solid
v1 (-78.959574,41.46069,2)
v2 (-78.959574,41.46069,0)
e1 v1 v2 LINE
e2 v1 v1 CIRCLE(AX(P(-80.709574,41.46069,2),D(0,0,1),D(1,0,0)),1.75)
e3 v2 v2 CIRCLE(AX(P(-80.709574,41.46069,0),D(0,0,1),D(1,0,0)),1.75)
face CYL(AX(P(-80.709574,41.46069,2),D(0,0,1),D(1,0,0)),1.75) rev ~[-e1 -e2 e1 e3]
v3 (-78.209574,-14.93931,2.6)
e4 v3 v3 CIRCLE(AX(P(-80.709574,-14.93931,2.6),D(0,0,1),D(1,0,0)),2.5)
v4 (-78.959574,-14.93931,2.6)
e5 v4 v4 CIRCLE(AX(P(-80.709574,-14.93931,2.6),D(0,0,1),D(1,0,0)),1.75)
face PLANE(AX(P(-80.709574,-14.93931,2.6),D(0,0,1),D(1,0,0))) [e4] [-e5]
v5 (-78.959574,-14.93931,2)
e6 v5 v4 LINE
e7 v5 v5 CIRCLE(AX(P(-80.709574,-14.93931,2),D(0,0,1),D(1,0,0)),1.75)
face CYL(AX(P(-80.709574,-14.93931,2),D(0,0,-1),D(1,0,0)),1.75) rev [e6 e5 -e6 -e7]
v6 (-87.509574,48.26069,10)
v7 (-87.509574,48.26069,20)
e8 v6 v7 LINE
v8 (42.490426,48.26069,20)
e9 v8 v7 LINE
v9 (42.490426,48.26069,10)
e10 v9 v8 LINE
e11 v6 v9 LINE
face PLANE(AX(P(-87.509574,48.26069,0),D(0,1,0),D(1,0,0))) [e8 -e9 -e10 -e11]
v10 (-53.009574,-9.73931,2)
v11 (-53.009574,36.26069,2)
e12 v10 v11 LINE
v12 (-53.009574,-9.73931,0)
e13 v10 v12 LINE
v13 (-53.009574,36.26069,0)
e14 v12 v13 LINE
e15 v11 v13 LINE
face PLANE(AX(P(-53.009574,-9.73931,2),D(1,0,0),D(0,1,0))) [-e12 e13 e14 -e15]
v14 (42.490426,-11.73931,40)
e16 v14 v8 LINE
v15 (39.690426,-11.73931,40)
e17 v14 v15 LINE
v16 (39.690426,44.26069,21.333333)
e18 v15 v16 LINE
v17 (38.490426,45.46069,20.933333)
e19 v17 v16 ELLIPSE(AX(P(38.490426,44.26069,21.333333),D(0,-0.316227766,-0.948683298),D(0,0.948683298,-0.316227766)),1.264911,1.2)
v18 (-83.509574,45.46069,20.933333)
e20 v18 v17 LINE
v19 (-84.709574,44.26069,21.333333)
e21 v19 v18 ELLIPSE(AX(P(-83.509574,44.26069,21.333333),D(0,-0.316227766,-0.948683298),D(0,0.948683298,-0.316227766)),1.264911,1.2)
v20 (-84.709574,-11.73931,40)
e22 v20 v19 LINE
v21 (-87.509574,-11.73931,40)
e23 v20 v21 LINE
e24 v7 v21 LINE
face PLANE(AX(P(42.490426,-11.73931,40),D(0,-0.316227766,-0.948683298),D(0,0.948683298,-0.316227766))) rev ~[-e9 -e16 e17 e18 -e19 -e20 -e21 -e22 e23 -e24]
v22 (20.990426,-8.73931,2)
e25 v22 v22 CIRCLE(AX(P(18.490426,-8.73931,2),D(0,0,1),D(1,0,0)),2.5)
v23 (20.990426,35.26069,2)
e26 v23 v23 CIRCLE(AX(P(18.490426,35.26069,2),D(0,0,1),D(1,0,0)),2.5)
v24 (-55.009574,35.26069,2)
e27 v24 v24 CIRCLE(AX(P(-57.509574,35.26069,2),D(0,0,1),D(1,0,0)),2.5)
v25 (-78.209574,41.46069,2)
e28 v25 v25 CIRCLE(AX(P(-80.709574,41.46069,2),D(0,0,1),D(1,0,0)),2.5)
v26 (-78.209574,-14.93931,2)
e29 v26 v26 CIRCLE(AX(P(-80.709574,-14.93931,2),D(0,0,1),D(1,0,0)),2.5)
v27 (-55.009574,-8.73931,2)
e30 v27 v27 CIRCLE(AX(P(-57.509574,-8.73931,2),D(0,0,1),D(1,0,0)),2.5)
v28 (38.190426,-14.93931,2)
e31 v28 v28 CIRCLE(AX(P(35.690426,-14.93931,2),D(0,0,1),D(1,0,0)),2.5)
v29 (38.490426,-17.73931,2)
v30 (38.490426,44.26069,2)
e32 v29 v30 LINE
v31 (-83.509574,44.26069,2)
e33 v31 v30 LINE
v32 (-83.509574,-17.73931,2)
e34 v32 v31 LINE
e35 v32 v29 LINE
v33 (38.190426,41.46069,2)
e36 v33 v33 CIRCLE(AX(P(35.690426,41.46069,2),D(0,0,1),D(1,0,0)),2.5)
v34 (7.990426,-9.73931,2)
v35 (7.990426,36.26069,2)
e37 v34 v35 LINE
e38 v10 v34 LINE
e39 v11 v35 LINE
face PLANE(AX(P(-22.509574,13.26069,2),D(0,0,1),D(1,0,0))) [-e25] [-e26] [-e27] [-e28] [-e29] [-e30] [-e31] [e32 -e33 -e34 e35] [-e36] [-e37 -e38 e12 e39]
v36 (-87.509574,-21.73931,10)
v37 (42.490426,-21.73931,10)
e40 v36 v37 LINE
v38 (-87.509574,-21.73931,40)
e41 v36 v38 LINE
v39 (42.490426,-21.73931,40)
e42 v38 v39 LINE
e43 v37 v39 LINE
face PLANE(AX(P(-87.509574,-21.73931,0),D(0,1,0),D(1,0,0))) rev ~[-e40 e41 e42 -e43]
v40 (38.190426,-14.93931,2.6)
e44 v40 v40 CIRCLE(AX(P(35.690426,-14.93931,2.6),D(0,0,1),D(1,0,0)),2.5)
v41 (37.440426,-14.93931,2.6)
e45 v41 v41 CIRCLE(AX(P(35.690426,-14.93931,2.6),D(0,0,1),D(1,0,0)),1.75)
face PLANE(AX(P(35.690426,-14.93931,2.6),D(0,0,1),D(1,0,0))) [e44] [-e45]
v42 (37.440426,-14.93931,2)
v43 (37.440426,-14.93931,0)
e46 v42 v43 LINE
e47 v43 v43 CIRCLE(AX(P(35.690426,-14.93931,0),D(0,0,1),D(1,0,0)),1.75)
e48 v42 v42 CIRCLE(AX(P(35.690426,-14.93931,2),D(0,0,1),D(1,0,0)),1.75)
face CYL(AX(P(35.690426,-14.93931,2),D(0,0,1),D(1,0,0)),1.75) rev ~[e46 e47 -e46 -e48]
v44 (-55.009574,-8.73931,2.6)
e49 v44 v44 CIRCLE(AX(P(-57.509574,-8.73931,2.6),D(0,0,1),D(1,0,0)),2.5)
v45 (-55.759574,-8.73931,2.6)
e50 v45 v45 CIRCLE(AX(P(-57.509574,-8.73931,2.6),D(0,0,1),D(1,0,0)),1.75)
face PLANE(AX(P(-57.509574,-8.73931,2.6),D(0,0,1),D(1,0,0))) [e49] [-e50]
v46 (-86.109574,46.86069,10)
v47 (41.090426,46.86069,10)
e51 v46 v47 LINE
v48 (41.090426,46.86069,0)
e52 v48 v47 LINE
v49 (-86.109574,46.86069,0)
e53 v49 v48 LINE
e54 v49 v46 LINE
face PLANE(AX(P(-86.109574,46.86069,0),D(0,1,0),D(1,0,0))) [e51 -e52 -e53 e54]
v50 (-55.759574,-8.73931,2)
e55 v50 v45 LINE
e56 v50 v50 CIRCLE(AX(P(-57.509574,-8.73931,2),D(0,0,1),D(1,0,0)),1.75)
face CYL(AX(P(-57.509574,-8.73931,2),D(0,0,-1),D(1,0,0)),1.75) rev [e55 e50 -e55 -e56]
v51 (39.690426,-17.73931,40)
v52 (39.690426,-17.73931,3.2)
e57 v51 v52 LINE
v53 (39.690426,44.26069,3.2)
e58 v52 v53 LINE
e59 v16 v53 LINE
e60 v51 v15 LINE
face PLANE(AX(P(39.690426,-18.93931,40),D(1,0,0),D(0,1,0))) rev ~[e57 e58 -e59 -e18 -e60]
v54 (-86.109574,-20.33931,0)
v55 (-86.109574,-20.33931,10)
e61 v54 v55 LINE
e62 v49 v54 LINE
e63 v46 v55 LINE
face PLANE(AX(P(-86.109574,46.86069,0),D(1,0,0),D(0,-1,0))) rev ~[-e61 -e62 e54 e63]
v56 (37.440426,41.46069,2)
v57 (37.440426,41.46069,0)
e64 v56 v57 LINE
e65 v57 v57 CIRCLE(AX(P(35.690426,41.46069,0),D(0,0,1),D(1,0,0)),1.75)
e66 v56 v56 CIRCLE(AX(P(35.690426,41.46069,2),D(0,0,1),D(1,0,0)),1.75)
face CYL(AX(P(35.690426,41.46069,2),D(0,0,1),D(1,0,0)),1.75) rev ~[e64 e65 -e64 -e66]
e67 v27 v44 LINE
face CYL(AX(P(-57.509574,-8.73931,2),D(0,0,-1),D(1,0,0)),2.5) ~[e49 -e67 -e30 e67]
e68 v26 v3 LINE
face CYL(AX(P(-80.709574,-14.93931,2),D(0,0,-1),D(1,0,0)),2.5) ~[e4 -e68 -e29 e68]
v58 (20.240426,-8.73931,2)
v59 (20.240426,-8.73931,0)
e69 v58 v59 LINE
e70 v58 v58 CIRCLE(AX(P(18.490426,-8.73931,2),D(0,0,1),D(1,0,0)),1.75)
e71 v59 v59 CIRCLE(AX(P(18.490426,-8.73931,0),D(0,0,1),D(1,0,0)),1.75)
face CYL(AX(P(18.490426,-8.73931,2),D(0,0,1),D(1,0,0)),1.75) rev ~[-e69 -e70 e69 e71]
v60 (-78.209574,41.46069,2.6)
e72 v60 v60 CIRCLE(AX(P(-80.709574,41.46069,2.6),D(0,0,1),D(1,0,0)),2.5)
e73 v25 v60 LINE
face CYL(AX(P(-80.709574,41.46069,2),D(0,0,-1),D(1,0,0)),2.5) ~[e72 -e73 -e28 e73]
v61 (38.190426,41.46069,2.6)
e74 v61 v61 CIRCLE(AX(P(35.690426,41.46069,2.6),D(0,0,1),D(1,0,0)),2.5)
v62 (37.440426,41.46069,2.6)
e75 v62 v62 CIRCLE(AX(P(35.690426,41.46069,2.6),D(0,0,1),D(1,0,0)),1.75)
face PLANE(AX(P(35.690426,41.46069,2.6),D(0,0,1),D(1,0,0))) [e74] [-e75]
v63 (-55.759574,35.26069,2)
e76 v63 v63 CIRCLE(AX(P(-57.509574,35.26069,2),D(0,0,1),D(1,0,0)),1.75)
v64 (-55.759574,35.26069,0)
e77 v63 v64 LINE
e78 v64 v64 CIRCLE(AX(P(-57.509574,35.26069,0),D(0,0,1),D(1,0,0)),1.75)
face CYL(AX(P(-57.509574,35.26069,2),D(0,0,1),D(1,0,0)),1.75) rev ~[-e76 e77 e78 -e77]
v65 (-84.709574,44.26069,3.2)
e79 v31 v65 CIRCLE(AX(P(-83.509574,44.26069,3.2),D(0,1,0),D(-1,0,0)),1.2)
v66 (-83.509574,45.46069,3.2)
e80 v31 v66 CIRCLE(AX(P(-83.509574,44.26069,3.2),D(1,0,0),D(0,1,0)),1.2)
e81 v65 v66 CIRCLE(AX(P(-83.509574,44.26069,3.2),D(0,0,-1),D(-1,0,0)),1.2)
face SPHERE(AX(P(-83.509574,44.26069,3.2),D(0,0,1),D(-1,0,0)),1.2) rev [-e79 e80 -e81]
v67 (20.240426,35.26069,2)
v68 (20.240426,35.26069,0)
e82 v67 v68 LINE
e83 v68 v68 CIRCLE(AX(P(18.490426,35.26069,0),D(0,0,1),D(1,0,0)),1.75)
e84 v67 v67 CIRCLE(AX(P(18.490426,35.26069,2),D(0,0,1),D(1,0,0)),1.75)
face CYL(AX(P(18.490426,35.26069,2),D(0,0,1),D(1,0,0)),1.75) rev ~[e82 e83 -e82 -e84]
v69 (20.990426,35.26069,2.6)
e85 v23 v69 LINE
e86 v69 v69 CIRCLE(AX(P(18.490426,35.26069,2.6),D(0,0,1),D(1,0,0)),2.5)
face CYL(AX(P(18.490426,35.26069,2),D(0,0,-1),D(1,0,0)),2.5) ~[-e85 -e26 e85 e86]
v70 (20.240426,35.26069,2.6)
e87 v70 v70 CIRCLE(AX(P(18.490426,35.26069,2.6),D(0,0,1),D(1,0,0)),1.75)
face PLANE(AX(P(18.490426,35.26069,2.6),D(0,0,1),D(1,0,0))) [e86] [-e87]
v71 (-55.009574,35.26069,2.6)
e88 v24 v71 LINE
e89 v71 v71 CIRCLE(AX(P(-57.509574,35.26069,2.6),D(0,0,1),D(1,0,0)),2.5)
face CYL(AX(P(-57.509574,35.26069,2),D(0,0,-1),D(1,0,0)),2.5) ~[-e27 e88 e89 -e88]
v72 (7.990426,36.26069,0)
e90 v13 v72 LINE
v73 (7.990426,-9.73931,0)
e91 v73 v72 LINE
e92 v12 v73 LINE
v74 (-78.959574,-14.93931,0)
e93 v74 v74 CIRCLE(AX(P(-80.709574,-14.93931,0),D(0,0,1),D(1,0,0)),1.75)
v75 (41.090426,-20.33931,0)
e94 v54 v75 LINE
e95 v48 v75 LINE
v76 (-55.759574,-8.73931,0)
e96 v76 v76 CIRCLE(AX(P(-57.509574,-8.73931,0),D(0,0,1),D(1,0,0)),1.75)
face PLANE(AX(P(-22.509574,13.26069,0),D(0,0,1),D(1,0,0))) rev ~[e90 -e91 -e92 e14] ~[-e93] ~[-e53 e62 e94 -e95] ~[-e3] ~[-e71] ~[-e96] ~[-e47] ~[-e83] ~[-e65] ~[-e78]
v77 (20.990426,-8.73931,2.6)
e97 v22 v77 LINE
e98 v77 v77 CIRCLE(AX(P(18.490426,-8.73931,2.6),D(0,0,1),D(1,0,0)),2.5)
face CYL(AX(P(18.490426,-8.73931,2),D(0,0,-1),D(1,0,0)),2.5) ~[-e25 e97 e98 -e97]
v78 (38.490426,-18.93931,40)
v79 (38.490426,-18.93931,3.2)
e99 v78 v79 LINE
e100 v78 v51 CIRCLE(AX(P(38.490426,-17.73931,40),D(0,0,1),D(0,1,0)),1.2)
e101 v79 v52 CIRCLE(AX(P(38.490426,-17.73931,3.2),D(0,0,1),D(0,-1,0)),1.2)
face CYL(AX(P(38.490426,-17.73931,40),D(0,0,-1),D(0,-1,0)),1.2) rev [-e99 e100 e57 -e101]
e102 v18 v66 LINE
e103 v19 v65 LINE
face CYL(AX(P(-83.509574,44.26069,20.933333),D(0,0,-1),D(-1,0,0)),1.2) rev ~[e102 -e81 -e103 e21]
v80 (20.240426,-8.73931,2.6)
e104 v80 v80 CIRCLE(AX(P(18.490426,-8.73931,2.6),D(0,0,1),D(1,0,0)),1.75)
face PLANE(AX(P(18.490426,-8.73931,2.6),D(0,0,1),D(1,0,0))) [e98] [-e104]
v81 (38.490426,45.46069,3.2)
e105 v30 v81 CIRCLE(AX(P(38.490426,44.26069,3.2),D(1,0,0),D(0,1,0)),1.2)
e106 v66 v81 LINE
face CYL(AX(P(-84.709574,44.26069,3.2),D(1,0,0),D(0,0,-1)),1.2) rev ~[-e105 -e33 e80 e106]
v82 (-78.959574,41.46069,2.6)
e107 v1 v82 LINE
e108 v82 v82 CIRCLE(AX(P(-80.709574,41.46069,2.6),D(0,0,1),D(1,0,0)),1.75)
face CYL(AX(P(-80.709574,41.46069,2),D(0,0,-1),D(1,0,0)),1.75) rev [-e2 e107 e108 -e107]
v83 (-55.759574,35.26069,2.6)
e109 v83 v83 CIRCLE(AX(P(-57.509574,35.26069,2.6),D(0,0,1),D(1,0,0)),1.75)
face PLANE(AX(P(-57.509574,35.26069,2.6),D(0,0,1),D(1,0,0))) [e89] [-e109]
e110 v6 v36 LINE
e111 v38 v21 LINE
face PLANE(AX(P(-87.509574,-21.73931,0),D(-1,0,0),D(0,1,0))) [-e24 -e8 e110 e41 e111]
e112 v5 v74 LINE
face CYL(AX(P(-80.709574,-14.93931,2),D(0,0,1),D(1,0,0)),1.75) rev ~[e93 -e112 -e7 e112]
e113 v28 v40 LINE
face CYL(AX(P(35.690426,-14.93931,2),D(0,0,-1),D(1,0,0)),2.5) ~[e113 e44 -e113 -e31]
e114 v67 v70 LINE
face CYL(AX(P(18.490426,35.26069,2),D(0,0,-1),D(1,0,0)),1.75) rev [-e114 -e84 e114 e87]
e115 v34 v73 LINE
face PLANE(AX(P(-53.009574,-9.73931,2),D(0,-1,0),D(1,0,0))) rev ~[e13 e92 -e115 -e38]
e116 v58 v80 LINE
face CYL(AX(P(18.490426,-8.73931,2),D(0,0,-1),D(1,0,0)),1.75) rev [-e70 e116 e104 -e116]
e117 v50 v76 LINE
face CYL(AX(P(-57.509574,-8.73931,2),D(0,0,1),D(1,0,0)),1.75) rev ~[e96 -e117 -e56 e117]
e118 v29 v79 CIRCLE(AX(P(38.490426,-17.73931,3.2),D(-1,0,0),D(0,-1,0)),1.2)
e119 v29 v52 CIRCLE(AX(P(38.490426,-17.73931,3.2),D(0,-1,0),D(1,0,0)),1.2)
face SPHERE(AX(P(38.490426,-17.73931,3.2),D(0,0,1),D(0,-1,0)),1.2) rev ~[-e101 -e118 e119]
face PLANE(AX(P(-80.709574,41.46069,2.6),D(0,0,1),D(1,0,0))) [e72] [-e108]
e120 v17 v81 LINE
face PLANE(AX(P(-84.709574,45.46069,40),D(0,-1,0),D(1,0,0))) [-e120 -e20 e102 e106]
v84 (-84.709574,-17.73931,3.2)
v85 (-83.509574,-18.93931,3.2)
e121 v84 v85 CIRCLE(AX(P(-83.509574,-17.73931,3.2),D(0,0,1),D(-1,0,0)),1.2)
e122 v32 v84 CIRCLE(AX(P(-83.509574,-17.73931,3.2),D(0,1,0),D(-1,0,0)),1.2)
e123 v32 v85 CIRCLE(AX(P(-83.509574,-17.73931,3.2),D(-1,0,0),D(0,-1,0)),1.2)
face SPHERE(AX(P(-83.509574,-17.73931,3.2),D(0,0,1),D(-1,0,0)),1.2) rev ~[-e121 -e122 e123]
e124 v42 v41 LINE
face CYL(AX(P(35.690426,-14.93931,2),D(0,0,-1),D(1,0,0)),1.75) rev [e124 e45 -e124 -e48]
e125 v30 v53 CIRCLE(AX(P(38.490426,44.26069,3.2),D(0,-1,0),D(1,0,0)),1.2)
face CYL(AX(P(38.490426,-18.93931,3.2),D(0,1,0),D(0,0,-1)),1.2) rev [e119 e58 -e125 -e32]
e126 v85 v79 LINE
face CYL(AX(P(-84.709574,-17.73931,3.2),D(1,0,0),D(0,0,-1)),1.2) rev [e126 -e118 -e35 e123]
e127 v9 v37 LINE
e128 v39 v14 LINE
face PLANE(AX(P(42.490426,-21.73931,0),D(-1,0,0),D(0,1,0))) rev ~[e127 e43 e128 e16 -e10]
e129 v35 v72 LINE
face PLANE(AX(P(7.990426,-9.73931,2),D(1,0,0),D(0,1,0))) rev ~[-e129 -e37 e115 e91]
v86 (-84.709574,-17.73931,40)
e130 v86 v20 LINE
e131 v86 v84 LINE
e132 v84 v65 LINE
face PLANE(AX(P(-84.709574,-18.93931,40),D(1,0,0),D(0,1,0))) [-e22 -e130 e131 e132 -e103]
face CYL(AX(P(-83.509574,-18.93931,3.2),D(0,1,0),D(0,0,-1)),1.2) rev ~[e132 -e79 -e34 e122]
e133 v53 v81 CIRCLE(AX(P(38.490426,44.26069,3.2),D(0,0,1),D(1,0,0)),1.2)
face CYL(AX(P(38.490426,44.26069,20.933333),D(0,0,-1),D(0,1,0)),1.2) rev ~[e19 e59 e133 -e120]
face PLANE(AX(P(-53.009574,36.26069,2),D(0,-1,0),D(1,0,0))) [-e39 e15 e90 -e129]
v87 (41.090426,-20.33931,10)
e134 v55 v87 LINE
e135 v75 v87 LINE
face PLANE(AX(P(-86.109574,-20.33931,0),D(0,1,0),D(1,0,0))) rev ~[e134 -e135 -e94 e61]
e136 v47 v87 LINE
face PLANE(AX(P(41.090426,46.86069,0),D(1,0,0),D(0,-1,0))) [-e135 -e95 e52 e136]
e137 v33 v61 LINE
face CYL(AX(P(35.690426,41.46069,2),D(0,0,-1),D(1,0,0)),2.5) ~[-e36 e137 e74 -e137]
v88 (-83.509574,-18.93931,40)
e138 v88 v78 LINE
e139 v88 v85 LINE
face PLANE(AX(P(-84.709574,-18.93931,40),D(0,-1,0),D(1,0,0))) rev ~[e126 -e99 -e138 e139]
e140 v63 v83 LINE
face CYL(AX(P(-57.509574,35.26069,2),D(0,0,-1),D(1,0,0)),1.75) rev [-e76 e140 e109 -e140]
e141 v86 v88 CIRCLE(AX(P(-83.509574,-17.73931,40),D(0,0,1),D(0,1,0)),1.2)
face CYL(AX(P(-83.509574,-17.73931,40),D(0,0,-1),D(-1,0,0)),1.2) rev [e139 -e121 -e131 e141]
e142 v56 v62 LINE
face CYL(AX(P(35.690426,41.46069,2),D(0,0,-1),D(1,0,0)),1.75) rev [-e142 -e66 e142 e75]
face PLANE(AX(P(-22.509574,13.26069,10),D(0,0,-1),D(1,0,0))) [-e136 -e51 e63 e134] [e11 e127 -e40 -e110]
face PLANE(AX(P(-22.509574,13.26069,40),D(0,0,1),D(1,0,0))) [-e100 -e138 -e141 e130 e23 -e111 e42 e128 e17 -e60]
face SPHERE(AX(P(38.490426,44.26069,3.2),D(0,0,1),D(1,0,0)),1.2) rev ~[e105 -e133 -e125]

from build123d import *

# Parameters (mm, degrees)
F0_W          = 130
F0_H          = 70
F1_DEPTH      = 40
F2_W          = 124.4
F2_H          = 64.4
F3_DEPTH      = 38
F5_DEPTH      = 146.2
F6_W          = 130
F6_H          = 70
F6_W_2        = 127.2
F6_H_2        = 67.2
F7_DEPTH      = 10
F8_W          = 61
F8_H          = 46
F8_R          = 1.75
F9_DEPTH      = 25
F9_DEPTH_BACK = 25
F10_R         = 1.75
F11_DEPTH     = 25
F12_R         = 2.5
F12_R_2       = 1.75
F13_DEPTH     = 0.6
F14_R         = 1.2


with BuildPart() as f1:
    # F0 (on Top) → F1 (new body)
    with BuildSketch(Plane.XY):
        with Locations((-22.509574, 13.26069)):
            Rectangle(F0_W, F0_H)
    extrude(amount=F1_DEPTH)

    # F2 (on face) → F3 (cut)
    with BuildSketch(Plane.XY.offset(40)):
        with Locations((-22.509574, 13.26069)):
            Rectangle(F2_W, F2_H)
    extrude(amount=-F3_DEPTH, mode=Mode.SUBTRACT)

    # F4 (on face) → F5 (cut)
    with BuildSketch(Plane.YZ.offset(42.490426)):
        Polygon((48.26069, 40), (-11.73931, 40), (48.26069, 20), align=None)
    extrude(amount=-F5_DEPTH, mode=Mode.SUBTRACT)

    # F6 (on face) → F7 (cut)
    with BuildSketch(Plane(origin=(0, 0, 0), x_dir=(1, 0, 0), z_dir=(0, 0, -1))):
        with Locations((-22.509574, -13.26069)):
            Rectangle(F6_W, F6_H)
        with Locations((-22.509574, -13.26069)):
            Rectangle(F6_W_2, F6_H_2, mode=Mode.SUBTRACT)
    extrude(amount=-F7_DEPTH, mode=Mode.SUBTRACT)

    # F8 (on face) → F9 (cut, two sides)
    with BuildSketch(Plane.XY.offset(2)) as f9_sk:
        with Locations((-22.509574, 13.26069)):
            Rectangle(F8_W, F8_H)
        with Locations((-57.509574, 35.26069)):
            Circle(F8_R)
        with Locations((18.490426, 35.26069)):
            Circle(F8_R)
        with Locations((18.490426, -8.73931)):
            Circle(F8_R)
        with Locations((-57.509574, -8.73931)):
            Circle(F8_R)
    extrude(amount=-F9_DEPTH, mode=Mode.SUBTRACT)
    extrude(f9_sk.sketch, amount=-F9_DEPTH_BACK, mode=Mode.SUBTRACT)

    # F10 (on face) → F11 (cut)
    with BuildSketch(Plane.XY.offset(2)):
        with Locations((-80.709574, 41.46069)):
            Circle(F10_R)
        with Locations((35.690426, 41.46069)):
            Circle(F10_R)
        with Locations((35.690426, -14.93931)):
            Circle(F10_R)
        with Locations((-80.709574, -14.93931)):
            Circle(F10_R)
    extrude(amount=-F11_DEPTH, mode=Mode.SUBTRACT)

    # F12 (on face) → F13 (join)
    with BuildSketch(Plane.XY.offset(2)):
        with Locations((-57.509574, 35.26069)):
            Circle(F12_R)
        with Locations((-57.509574, 35.26069)):
            Circle(F12_R_2, mode=Mode.SUBTRACT)
        with Locations((18.490426, 35.26069)):
            Circle(F12_R)
        with Locations((18.490426, 35.26069)):
            Circle(F12_R_2, mode=Mode.SUBTRACT)
        with Locations((18.490426, -8.73931)):
            Circle(F12_R)
        with Locations((18.490426, -8.73931)):
            Circle(F12_R_2, mode=Mode.SUBTRACT)
        with Locations((-57.509574, -8.73931)):
            Circle(F12_R)
        with Locations((-57.509574, -8.73931)):
            Circle(F12_R_2, mode=Mode.SUBTRACT)
        with Locations((-80.709574, -14.93931)):
            Circle(F12_R)
        with Locations((-80.709574, -14.93931)):
            Circle(F12_R_2, mode=Mode.SUBTRACT)
        with Locations((-80.709574, 41.46069)):
            Circle(F12_R)
        with Locations((-80.709574, 41.46069)):
            Circle(F12_R_2, mode=Mode.SUBTRACT)
        with Locations((35.690426, 41.46069)):
            Circle(F12_R)
        with Locations((35.690426, 41.46069)):
            Circle(F12_R_2, mode=Mode.SUBTRACT)
        with Locations((35.690426, -14.93931)):
            Circle(F12_R)
        with Locations((35.690426, -14.93931)):
            Circle(F12_R_2, mode=Mode.SUBTRACT)
    extrude(amount=F13_DEPTH)

    # F14
    f14_edges = [f1.edges().sort_by_distance(p)[0] for p in [
        (39.690426, 45.46069, 11.466667),
        (-84.709574, 45.46069, 11.466667),
        (-84.709574, -18.93931, 21),
        (39.690426, -18.93931, 21),
        (-84.709574, 13.26069, 2),
        (-22.509574, -18.93931, 2),
        (39.690426, 13.26069, 2),
        (-22.509574, 45.46069, 2),
    ]]
    fillet(f14_edges, radius=F14_R)


solid = f1.part
